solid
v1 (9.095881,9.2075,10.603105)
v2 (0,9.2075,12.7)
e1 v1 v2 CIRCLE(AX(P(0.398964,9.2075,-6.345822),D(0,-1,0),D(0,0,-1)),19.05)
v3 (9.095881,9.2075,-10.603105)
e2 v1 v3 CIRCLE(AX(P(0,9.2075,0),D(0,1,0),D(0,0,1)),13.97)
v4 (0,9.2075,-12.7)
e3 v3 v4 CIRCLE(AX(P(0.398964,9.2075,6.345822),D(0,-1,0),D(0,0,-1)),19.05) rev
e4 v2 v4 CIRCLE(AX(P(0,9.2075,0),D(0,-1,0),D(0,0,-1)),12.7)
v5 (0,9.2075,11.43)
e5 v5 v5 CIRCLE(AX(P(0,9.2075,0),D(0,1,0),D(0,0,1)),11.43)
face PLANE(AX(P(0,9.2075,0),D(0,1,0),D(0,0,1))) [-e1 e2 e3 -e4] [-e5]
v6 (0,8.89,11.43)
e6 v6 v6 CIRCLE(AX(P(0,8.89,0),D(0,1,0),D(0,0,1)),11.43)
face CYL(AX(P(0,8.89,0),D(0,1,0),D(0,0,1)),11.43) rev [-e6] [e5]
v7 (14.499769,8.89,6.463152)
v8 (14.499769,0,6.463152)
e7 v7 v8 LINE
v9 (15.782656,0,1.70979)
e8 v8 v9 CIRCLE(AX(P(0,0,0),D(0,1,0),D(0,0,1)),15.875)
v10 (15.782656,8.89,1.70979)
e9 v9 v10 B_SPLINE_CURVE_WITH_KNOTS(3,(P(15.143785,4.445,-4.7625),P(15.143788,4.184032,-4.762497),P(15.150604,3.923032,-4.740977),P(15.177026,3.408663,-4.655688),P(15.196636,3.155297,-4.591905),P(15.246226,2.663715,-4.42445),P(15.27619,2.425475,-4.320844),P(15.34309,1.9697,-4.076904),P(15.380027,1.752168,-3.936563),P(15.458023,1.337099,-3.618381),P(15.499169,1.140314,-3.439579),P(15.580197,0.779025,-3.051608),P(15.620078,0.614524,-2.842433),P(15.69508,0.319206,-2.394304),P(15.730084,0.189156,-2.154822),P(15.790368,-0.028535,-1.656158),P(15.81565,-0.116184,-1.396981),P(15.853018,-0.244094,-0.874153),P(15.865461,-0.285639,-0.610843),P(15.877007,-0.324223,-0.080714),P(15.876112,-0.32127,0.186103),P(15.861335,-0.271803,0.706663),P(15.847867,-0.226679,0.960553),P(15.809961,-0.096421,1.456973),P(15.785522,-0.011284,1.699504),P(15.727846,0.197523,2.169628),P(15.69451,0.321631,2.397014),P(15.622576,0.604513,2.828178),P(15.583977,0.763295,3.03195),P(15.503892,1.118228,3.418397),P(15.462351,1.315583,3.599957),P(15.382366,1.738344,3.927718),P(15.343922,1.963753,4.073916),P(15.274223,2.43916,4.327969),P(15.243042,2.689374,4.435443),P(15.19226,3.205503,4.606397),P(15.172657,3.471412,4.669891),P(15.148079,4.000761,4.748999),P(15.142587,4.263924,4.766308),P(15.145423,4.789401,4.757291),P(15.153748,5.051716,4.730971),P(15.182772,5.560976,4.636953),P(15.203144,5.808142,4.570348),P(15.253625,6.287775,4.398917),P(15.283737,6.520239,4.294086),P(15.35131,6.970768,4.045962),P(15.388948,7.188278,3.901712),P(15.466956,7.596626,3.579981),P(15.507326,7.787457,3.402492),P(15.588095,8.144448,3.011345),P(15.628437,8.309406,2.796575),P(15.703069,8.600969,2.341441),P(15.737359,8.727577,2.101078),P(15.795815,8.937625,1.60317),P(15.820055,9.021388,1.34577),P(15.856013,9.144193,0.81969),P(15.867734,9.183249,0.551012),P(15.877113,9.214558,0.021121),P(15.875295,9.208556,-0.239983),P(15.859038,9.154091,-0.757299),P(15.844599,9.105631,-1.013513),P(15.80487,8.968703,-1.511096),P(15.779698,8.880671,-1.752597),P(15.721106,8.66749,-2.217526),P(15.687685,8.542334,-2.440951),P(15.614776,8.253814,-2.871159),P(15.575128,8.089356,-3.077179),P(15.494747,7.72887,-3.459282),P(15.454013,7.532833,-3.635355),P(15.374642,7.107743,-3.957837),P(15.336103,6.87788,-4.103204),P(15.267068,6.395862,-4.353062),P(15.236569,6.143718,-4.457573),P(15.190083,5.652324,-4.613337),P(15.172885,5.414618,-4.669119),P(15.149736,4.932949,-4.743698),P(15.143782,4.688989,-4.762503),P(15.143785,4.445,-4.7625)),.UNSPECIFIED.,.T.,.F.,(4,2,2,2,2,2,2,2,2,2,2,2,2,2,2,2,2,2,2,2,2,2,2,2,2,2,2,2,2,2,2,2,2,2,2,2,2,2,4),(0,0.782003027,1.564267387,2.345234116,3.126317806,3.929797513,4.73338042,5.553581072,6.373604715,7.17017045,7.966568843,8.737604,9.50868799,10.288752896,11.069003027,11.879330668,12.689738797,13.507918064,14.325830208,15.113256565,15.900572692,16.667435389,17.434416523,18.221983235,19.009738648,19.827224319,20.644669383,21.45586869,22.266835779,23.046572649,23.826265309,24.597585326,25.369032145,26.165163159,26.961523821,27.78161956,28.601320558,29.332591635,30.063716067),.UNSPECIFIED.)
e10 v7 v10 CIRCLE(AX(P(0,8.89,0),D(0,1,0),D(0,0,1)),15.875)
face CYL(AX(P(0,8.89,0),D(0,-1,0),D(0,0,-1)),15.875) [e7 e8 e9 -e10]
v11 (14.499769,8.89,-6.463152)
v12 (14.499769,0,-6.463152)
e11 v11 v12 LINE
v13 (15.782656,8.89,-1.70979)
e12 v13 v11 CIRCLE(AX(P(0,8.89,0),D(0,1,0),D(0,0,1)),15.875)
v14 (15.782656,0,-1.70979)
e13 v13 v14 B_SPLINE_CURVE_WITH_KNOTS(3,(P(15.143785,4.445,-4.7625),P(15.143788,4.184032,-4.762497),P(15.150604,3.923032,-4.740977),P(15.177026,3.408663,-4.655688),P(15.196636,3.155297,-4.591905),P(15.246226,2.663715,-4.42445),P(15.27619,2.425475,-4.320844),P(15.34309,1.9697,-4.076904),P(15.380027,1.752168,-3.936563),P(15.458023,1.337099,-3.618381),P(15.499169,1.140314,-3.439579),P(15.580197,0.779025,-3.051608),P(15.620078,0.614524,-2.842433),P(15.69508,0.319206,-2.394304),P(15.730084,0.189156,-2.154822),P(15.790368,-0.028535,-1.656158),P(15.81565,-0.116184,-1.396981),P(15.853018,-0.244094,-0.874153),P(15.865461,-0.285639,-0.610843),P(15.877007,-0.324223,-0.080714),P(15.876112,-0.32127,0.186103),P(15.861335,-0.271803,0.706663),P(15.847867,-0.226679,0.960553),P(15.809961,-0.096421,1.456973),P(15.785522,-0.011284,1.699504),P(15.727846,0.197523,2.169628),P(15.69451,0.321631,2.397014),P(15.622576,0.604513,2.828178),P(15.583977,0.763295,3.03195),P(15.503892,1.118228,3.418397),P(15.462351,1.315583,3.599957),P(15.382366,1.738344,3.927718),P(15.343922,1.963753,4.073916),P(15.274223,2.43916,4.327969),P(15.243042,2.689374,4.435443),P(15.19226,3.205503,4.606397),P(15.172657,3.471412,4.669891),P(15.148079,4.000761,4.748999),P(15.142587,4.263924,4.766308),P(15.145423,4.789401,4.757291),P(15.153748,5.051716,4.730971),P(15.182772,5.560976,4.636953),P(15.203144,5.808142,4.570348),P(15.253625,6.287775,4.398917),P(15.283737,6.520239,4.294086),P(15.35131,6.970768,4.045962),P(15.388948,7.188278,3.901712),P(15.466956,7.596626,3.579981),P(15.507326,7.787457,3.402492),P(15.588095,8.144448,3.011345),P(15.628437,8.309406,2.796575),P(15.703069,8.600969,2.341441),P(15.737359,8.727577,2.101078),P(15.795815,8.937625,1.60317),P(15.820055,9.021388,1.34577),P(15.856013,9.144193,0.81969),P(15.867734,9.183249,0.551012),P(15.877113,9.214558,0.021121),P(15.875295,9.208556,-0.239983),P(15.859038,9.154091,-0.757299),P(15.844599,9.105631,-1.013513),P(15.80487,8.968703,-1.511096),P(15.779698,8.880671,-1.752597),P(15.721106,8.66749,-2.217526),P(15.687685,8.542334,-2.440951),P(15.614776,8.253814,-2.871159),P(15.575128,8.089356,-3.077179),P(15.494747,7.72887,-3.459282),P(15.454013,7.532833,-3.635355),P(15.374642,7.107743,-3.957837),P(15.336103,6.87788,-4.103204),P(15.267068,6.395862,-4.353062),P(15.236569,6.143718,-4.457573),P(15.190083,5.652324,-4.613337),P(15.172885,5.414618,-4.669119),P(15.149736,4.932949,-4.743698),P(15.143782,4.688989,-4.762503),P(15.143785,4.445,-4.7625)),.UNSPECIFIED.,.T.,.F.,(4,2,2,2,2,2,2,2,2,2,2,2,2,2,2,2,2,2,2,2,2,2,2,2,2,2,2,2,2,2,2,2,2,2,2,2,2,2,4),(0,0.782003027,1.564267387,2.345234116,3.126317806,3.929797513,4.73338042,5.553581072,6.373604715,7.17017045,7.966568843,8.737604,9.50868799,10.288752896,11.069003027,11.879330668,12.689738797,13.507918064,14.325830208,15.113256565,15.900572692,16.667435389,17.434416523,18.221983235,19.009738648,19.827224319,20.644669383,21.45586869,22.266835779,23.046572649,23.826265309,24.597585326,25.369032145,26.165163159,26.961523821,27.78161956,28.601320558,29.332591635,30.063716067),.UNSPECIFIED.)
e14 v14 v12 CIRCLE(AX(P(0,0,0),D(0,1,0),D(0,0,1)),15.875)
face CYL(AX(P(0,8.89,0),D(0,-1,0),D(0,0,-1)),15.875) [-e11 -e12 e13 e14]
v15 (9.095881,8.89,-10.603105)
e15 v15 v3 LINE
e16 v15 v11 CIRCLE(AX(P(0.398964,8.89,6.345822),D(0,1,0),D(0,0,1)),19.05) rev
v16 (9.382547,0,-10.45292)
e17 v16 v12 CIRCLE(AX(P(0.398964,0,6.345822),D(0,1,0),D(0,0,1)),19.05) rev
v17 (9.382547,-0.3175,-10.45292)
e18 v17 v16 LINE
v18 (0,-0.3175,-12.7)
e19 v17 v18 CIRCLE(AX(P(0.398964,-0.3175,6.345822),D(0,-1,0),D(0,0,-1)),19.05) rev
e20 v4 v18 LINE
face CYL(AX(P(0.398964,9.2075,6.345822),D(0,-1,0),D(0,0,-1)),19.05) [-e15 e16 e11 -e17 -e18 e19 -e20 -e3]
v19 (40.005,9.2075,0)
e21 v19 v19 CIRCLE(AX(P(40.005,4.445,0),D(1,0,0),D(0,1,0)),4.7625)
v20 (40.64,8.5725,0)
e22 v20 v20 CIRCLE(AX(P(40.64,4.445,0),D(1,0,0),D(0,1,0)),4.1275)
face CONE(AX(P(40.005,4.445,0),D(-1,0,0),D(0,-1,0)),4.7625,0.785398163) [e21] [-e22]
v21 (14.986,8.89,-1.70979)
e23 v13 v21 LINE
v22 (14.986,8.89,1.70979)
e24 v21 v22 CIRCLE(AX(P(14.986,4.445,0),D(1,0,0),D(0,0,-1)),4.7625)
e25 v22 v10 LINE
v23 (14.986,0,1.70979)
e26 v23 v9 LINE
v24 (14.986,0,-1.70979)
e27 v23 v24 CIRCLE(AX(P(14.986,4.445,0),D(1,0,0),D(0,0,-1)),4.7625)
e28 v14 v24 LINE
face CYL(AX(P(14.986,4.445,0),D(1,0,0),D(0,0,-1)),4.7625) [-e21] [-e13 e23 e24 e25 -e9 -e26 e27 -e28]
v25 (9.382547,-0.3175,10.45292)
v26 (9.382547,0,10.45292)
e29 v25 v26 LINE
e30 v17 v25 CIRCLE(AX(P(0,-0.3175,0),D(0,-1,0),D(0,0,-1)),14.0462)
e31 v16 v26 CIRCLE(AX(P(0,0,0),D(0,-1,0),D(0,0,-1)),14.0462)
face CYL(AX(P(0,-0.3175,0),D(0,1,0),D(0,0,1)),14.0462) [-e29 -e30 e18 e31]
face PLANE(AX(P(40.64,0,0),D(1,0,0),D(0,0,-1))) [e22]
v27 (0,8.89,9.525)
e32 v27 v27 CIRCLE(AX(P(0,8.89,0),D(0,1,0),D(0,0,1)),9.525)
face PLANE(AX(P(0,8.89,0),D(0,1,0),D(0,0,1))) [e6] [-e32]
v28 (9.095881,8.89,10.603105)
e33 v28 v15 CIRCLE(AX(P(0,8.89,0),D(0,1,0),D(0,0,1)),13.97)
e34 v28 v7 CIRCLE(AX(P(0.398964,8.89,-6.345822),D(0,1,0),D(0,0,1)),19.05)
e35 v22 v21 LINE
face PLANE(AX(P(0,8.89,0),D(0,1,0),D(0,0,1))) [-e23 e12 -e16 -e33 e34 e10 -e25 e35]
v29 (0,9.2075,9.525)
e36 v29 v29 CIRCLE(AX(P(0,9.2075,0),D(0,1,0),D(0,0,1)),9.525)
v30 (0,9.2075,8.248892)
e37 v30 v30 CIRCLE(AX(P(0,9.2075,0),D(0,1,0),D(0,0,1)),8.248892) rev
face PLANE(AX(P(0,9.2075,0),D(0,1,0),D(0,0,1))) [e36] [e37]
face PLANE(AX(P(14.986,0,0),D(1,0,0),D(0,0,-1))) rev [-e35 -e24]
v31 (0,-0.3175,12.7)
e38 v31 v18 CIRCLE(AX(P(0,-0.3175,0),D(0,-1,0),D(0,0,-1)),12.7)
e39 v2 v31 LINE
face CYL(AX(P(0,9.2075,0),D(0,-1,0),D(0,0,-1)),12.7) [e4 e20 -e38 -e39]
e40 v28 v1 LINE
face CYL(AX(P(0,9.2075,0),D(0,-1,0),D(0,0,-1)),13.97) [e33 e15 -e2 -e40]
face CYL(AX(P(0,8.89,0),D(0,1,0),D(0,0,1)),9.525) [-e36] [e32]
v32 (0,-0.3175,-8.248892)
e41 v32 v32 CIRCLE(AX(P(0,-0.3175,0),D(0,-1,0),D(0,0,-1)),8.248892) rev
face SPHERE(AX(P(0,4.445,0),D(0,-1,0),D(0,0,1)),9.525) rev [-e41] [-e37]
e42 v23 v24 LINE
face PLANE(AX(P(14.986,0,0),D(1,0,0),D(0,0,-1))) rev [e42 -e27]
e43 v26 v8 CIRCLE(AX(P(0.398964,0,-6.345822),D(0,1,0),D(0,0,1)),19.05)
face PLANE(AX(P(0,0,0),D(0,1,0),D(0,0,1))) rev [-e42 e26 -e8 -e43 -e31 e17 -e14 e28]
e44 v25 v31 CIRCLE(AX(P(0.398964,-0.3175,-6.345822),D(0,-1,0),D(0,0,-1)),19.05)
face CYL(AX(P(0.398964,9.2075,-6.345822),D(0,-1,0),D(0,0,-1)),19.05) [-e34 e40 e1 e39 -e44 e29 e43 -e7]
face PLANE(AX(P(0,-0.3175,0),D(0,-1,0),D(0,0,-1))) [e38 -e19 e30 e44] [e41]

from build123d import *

# Parameters (mm, degrees)
SKETCH2_R                = 15.875
BOSS_EXTRUDE1_DEPTH      = 8.89
SKETCH3_R                = 13.97
BOSS_EXTRUDE2_DEPTH      = 0.3175
SKETCH4_R                = 14.0462
BOSS_EXTRUDE3_DEPTH      = 0.3175
CUT_EXTRUDE2_DEPTH       = 10.525
SKETCH7_R                = 11.43
SKETCH7_R_2              = 9.525
CUT_EXTRUDE3_DEPTH       = 0.3175
SKETCH9_R                = 4.7625
BOSS_EXTRUDE4_DEPTH      = 25.4
BOSS_EXTRUDE4_DEPTH_BACK = 0.254


with BuildPart() as part:
    # Sketch2 → Boss-Extrude1 (new body)
    with BuildSketch(Plane(origin=(0, 0, 0), x_dir=(1, 0, 0), z_dir=(0, 1, 0))):
        Circle(SKETCH2_R)
    extrude(amount=BOSS_EXTRUDE1_DEPTH)

    # Sketch3 → Boss-Extrude2 (add)
    with BuildSketch(Plane(origin=(0, 8.89, 0), x_dir=(1, 0, 0), z_dir=(0, 1, 0))):
        Circle(SKETCH3_R)
    extrude(amount=BOSS_EXTRUDE2_DEPTH)

    # Sketch4 → Boss-Extrude3 (add)
    with BuildSketch(Plane(origin=(0, 0, 0), x_dir=(-1, 0, 0), z_dir=(0, -1, 0))):
        Circle(SKETCH4_R)
    extrude(amount=BOSS_EXTRUDE3_DEPTH)

    # Sketch5 → Cut-Extrude2 (cut, through all)
    with BuildSketch(Plane(origin=(0, -0.3175, 0), x_dir=(-1, 0, 0), z_dir=(0, -1, 0))):
        with BuildLine():
            ThreePointArc((15.875, 0), (3.303921778, 15.527386319), (-14.499768616, 6.463152102))
            ThreePointArc((-14.499768616, 6.463152102), (-12.112281343, 8.677516697), (-9.382547241, 10.452920248))
            ThreePointArc((-9.382547241, 10.452920248), (5.723049859, 12.827409511), (14.0462, 0))
            ThreePointArc((14.0462, 0), (5.723049859, -12.827409511), (-9.382547241, -10.452920248))
            ThreePointArc((-9.382547241, -10.452920248), (-12.112281343, -8.677516697), (-14.499768616, -6.463152102))
            ThreePointArc((-14.499768616, -6.463152102), (3.303921778, -15.527386319), (15.875, 0))
        make_face()
        with BuildLine():
            ThreePointArc((14.0462, 0), (5.723049859, 12.827409511), (-9.382547241, 10.452920248))
            ThreePointArc((-9.382547241, 10.452920248), (-4.835884527, 12.180274323), (0, 12.7))
            ThreePointArc((0, 12.7), (8.980256121, 8.980256121), (12.7, 0))
            ThreePointArc((12.7, 0), (8.980256121, -8.980256121), (0, -12.7))
            ThreePointArc((0, -12.7), (-4.835884527, -12.180274323), (-9.382547241, -10.452920248))
            ThreePointArc((-9.382547241, -10.452920248), (5.723049859, -12.827409511), (14.0462, 0))
        make_face()
    extrude(amount=-CUT_EXTRUDE2_DEPTH, mode=Mode.SUBTRACT)

    # Sketch6 → Cut-Revolve1 (revolve, cut)
    with BuildSketch(Plane(origin=(0, 0, 0), x_dir=(0, 0, -1), z_dir=(1, 0, 0))):
        with BuildLine():
            Line((0, -5.08), (0, 0))
            Line((0, 0), (0, 4.445))
            Line((0, 4.445), (0, 13.97))
            ThreePointArc((0, 13.97), (-9.525, 4.445), (0, -5.08))
        make_face()
    revolve(axis=Axis((0, -5.08, 0), (0, 1, 0)), mode=Mode.SUBTRACT)

    # Sketch7 → Cut-Extrude3 (cut)
    with BuildSketch(Plane(origin=(0, 9.2075, 0), x_dir=(1, 0, 0), z_dir=(0, 1, 0))):
        Circle(SKETCH7_R)
        Circle(SKETCH7_R_2, mode=Mode.SUBTRACT)
    extrude(amount=-CUT_EXTRUDE3_DEPTH, mode=Mode.SUBTRACT)

    # Sketch9 → Boss-Extrude4 (add, two sides)
    with BuildSketch(Plane(origin=(15.24, 0, 0), x_dir=(0, 0, -1), z_dir=(1, 0, 0))) as boss_extrude4_sk:
        with Locations((0, 4.445)):
            Circle(SKETCH9_R)
    extrude(amount=BOSS_EXTRUDE4_DEPTH)
    extrude(boss_extrude4_sk.sketch, amount=-BOSS_EXTRUDE4_DEPTH_BACK)

    # Sketch11 → Cut-Revolve2 (revolve, cut)
    with BuildSketch(Plane.XY):
        Polygon((40.64, -0.3175), (40.64, 0.3175), (40.005, -0.3175), align=None)
    revolve(axis=Axis((40.64, 4.445, 0), (-1, 0, 0)), mode=Mode.SUBTRACT)


solid = part.part
